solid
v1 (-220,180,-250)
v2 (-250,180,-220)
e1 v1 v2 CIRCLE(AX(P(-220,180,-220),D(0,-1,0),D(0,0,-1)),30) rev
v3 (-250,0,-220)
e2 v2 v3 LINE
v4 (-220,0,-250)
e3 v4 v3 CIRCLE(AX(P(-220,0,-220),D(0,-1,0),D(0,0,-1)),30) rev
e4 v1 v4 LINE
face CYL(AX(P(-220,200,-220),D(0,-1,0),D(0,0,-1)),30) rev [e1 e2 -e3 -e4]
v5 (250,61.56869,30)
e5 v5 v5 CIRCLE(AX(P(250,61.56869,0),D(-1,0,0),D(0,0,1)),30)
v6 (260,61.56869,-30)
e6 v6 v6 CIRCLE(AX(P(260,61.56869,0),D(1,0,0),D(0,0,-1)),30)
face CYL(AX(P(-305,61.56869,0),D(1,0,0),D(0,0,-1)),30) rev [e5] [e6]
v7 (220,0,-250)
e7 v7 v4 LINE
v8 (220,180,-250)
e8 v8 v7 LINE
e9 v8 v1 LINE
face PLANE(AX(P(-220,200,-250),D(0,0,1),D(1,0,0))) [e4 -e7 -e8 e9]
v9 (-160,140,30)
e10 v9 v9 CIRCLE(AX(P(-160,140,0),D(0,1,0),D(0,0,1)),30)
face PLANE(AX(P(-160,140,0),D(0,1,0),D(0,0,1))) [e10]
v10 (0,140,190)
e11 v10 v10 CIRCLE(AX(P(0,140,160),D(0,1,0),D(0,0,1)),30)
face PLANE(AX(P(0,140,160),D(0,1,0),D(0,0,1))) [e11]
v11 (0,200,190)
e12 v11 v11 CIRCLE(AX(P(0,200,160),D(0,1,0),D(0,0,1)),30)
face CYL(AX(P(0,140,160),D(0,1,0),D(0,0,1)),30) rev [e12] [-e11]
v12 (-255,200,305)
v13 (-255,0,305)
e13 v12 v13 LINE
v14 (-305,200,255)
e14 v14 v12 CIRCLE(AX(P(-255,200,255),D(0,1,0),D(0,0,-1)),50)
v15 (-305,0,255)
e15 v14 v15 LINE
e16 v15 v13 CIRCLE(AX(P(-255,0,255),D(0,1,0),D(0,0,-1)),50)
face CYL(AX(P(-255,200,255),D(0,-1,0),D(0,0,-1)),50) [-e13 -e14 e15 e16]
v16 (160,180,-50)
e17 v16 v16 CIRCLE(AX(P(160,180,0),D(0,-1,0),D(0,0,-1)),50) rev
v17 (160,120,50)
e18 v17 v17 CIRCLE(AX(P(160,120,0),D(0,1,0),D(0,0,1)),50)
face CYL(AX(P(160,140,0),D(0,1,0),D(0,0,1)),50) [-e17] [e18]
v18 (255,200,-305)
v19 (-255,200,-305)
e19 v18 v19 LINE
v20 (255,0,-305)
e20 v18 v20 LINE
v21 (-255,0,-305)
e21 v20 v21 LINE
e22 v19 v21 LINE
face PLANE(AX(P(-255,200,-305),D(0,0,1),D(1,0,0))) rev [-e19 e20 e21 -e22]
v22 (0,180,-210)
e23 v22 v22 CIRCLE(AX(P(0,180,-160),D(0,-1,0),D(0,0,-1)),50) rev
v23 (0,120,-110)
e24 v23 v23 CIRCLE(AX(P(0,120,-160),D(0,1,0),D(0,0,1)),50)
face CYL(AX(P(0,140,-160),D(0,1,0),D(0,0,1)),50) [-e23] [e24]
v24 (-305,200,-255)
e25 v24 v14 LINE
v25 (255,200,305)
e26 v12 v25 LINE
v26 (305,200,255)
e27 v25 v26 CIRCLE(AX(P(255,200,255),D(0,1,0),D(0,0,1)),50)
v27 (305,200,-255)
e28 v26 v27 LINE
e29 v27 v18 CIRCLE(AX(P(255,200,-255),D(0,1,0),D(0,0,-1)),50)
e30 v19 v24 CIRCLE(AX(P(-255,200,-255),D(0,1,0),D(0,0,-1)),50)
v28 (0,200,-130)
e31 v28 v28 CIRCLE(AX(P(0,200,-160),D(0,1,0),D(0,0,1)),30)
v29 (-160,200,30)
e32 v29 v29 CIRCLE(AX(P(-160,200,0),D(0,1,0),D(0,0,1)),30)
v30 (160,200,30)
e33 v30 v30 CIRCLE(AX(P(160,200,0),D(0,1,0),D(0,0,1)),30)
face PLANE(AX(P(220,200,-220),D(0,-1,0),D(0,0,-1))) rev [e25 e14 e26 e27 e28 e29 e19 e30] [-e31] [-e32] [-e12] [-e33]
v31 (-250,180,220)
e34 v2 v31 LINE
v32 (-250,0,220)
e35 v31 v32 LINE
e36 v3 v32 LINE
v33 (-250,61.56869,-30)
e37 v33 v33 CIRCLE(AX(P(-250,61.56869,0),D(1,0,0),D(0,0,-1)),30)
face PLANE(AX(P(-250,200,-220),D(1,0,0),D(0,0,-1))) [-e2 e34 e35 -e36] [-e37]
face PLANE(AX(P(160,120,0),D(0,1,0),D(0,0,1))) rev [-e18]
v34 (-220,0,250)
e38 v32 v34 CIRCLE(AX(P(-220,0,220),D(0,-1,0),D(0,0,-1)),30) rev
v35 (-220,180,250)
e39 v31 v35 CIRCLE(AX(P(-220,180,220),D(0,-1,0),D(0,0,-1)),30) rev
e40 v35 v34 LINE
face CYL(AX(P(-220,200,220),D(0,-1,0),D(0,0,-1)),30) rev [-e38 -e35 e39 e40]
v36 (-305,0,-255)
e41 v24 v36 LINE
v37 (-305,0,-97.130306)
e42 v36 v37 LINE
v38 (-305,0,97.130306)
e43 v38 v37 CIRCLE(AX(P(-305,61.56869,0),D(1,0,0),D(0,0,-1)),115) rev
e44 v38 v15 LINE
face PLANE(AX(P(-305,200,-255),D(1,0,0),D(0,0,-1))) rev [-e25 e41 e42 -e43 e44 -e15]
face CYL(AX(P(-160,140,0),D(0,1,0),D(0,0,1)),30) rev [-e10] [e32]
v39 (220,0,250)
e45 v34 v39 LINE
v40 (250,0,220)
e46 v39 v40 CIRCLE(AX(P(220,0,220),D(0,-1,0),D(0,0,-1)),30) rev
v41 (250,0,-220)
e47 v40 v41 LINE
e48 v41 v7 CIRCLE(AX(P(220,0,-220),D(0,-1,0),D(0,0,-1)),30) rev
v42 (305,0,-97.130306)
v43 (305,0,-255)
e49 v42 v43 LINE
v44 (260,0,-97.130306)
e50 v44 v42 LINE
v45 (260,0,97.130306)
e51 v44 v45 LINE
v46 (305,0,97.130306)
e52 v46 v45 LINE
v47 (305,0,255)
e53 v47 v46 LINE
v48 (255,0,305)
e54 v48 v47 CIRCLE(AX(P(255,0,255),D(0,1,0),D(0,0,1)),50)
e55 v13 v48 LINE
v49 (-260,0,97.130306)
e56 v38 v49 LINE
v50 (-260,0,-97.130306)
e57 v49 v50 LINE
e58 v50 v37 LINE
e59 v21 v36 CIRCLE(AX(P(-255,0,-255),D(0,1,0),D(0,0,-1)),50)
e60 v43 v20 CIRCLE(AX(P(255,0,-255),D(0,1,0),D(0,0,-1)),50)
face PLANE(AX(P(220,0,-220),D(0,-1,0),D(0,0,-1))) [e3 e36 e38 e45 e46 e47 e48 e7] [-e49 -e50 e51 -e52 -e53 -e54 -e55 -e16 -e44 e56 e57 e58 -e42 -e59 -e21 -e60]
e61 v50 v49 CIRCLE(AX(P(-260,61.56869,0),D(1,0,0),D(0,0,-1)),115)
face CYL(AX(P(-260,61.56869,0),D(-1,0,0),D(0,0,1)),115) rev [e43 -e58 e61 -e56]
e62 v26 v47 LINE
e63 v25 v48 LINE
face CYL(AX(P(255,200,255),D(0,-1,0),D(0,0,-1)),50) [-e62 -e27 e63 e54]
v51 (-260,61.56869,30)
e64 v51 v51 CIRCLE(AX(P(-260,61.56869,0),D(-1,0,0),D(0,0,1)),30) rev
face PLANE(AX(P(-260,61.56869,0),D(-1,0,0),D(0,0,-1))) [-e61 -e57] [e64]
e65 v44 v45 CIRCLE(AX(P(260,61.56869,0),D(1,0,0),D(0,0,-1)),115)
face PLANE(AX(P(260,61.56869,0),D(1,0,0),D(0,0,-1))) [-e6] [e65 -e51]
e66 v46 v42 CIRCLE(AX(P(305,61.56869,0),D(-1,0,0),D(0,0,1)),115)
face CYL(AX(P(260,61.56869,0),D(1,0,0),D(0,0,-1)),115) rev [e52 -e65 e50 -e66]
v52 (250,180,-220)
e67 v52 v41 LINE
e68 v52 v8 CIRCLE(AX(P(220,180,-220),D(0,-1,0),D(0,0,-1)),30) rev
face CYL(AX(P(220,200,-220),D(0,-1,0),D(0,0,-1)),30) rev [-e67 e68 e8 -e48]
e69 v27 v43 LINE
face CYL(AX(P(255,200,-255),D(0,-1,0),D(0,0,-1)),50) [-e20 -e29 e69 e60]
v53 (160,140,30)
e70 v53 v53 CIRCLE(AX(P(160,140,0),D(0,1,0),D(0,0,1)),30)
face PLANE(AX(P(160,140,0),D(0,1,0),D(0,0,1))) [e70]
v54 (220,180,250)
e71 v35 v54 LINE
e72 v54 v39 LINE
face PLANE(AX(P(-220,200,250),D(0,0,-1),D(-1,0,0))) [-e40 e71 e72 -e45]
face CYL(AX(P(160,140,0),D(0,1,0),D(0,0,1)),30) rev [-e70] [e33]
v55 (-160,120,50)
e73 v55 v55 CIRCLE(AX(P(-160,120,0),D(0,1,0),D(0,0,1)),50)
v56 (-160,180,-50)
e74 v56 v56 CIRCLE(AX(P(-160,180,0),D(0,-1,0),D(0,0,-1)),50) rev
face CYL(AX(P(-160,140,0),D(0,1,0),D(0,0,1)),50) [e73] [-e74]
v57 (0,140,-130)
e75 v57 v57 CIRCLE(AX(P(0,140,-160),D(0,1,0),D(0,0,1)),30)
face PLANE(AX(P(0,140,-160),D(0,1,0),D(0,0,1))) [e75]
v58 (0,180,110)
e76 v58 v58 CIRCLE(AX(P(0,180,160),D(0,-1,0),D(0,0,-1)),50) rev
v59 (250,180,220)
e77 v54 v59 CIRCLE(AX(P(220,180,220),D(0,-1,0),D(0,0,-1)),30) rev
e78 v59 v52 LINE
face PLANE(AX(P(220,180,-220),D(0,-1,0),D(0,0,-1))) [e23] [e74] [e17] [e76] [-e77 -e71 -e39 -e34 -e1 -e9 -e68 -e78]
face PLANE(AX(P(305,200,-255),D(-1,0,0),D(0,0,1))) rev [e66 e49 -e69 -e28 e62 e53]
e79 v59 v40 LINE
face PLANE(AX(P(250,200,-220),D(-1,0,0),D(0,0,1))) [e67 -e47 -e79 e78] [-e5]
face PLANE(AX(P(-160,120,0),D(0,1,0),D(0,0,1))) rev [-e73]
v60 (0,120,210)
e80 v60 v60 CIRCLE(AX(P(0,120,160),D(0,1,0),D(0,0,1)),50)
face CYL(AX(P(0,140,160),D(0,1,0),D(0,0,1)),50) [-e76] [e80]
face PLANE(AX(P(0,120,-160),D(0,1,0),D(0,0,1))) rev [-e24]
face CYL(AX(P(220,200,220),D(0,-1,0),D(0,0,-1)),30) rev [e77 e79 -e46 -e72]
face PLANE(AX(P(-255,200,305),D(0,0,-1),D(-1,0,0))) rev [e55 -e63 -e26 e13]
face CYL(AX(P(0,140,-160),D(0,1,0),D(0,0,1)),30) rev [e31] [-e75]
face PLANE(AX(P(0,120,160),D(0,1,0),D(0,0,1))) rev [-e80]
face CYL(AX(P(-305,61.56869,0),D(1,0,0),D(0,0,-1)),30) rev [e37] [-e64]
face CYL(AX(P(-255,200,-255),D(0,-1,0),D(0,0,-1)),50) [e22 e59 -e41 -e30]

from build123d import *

# Parameters (mm, degrees)
BOSS_EXTRUDE1_DEPTH     = 200
SKETCH4_R               = 30
CUT_EXTRUDE1_DEPTH      = 60
SHELL1_T                = -20
BOSS_EXTRUDE2_DEPTH     = 200
SKETCH6_R               = 115
CUT_EXTRUDE3_DEPTH      = 50
CUT_EXTRUDE4_DEPTH      = 716.017482304
CUT_EXTRUDE4_DEPTH_BACK = 716.017482304
SKETCH7_R               = 30


with BuildPart() as part:
    # Sketch1 → Boss-Extrude1 (new body)
    with BuildSketch(Plane(origin=(0, 0, 0), x_dir=(1, 0, 0), z_dir=(0, 1, 0))):
        with BuildLine():
            Line((-220, 270), (220, 270))
            ThreePointArc((220, 270), (255.355339059, 255.355339059), (270, 220))
            Line((270, 220), (270, -220))
            ThreePointArc((270, -220), (255.355339059, -255.355339059), (220, -270))
            Line((220, -270), (-220, -270))
            ThreePointArc((-220, -270), (-255.355339059, -255.355339059), (-270, -220))
            Line((-270, -220), (-270, 220))
            ThreePointArc((-270, 220), (-255.355339059, 255.355339059), (-220, 270))
        make_face()
    extrude(amount=BOSS_EXTRUDE1_DEPTH)

    # Sketch4 → Cut-Extrude1 (cut)
    with BuildSketch(Plane(origin=(0, 200, 0), x_dir=(1, 0, 0), z_dir=(0, 1, 0))):
        with Locations(Location((0, 160, 0), (0, 0, 270))):
            Circle(SKETCH4_R)
        with Locations(Location((160, 0, 0), (0, 0, 270))):
            Circle(SKETCH4_R)
        with Locations(Location((0, -160, 0), (0, 0, 270))):
            Circle(SKETCH4_R)
        with Locations(Location((-160, 0, 0), (0, 0, 270))):
            Circle(SKETCH4_R)
    extrude(amount=-CUT_EXTRUDE1_DEPTH, mode=Mode.SUBTRACT)

    # Shell1
    shell1_openings = [part.faces().sort_by_distance(p)[0] for p in [
        (0, 0, 0),
    ]]
    offset(amount=SHELL1_T, openings=shell1_openings, kind=Kind.INTERSECTION)

    # Sketch5 → Boss-Extrude2 (add)
    with BuildSketch(Plane(origin=(0, 0, 0), x_dir=(1, 0, 0), z_dir=(0, 1, 0))):
        with BuildLine():
            Line((-255, 305), (255, 305))
            ThreePointArc((255, 305), (290.355339059, 290.355339059), (305, 255))
            Line((305, 255), (305, -255))
            ThreePointArc((305, -255), (290.355339059, -290.355339059), (255, -305))
            Line((255, -305), (-255, -305))
            ThreePointArc((-255, -305), (-290.355339059, -290.355339059), (-305, -255))
            Line((-305, -255), (-305, 255))
            ThreePointArc((-305, 255), (-290.355339059, 290.355339059), (-255, 305))
        make_face()
        with BuildLine():
            Line((-220, 270), (220, 270))
            ThreePointArc((220, 270), (255.355339059, 255.355339059), (270, 220))
            Line((270, 220), (270, -220))
            ThreePointArc((270, -220), (255.355339059, -255.355339059), (220, -270))
            Line((220, -270), (-220, -270))
            ThreePointArc((-220, -270), (-255.355339059, -255.355339059), (-270, -220))
            Line((-270, -220), (-270, 220))
            ThreePointArc((-270, 220), (-255.355339059, 255.355339059), (-220, 270))
        make_face(mode=Mode.SUBTRACT)
    extrude(amount=BOSS_EXTRUDE2_DEPTH)

    # Sketch6 → Cut-Extrude3 (cut)
    with BuildSketch(Plane(origin=(310, 0, 0), x_dir=(0, 0, -1), z_dir=(1, 0, 0))):
        with Locations((0, 61.568690233)):
            Circle(SKETCH6_R)
    cut_extrude3 = extrude(amount=-CUT_EXTRUDE3_DEPTH, mode=Mode.SUBTRACT)

    # Sketch7 → Cut-Extrude4 (cut, two sides: drawn at the far end of the back side and taken through both)
    with BuildSketch(Plane(origin=(310, 0, 0), x_dir=(0, 0, -1), z_dir=(1, 0, 0)).offset(-CUT_EXTRUDE4_DEPTH_BACK)):
        with Locations((0, 61.568690233)):
            Circle(SKETCH7_R)
    extrude(amount=CUT_EXTRUDE4_DEPTH + CUT_EXTRUDE4_DEPTH_BACK, mode=Mode.SUBTRACT)

    # Mirror1: Cut-Extrude3 across plane
    add(cut_extrude3.mirror(Plane(origin=(0, 0, 0), x_dir=(0, 0, 1), z_dir=(1, 0, 0))), mode=Mode.SUBTRACT)


solid = part.part
